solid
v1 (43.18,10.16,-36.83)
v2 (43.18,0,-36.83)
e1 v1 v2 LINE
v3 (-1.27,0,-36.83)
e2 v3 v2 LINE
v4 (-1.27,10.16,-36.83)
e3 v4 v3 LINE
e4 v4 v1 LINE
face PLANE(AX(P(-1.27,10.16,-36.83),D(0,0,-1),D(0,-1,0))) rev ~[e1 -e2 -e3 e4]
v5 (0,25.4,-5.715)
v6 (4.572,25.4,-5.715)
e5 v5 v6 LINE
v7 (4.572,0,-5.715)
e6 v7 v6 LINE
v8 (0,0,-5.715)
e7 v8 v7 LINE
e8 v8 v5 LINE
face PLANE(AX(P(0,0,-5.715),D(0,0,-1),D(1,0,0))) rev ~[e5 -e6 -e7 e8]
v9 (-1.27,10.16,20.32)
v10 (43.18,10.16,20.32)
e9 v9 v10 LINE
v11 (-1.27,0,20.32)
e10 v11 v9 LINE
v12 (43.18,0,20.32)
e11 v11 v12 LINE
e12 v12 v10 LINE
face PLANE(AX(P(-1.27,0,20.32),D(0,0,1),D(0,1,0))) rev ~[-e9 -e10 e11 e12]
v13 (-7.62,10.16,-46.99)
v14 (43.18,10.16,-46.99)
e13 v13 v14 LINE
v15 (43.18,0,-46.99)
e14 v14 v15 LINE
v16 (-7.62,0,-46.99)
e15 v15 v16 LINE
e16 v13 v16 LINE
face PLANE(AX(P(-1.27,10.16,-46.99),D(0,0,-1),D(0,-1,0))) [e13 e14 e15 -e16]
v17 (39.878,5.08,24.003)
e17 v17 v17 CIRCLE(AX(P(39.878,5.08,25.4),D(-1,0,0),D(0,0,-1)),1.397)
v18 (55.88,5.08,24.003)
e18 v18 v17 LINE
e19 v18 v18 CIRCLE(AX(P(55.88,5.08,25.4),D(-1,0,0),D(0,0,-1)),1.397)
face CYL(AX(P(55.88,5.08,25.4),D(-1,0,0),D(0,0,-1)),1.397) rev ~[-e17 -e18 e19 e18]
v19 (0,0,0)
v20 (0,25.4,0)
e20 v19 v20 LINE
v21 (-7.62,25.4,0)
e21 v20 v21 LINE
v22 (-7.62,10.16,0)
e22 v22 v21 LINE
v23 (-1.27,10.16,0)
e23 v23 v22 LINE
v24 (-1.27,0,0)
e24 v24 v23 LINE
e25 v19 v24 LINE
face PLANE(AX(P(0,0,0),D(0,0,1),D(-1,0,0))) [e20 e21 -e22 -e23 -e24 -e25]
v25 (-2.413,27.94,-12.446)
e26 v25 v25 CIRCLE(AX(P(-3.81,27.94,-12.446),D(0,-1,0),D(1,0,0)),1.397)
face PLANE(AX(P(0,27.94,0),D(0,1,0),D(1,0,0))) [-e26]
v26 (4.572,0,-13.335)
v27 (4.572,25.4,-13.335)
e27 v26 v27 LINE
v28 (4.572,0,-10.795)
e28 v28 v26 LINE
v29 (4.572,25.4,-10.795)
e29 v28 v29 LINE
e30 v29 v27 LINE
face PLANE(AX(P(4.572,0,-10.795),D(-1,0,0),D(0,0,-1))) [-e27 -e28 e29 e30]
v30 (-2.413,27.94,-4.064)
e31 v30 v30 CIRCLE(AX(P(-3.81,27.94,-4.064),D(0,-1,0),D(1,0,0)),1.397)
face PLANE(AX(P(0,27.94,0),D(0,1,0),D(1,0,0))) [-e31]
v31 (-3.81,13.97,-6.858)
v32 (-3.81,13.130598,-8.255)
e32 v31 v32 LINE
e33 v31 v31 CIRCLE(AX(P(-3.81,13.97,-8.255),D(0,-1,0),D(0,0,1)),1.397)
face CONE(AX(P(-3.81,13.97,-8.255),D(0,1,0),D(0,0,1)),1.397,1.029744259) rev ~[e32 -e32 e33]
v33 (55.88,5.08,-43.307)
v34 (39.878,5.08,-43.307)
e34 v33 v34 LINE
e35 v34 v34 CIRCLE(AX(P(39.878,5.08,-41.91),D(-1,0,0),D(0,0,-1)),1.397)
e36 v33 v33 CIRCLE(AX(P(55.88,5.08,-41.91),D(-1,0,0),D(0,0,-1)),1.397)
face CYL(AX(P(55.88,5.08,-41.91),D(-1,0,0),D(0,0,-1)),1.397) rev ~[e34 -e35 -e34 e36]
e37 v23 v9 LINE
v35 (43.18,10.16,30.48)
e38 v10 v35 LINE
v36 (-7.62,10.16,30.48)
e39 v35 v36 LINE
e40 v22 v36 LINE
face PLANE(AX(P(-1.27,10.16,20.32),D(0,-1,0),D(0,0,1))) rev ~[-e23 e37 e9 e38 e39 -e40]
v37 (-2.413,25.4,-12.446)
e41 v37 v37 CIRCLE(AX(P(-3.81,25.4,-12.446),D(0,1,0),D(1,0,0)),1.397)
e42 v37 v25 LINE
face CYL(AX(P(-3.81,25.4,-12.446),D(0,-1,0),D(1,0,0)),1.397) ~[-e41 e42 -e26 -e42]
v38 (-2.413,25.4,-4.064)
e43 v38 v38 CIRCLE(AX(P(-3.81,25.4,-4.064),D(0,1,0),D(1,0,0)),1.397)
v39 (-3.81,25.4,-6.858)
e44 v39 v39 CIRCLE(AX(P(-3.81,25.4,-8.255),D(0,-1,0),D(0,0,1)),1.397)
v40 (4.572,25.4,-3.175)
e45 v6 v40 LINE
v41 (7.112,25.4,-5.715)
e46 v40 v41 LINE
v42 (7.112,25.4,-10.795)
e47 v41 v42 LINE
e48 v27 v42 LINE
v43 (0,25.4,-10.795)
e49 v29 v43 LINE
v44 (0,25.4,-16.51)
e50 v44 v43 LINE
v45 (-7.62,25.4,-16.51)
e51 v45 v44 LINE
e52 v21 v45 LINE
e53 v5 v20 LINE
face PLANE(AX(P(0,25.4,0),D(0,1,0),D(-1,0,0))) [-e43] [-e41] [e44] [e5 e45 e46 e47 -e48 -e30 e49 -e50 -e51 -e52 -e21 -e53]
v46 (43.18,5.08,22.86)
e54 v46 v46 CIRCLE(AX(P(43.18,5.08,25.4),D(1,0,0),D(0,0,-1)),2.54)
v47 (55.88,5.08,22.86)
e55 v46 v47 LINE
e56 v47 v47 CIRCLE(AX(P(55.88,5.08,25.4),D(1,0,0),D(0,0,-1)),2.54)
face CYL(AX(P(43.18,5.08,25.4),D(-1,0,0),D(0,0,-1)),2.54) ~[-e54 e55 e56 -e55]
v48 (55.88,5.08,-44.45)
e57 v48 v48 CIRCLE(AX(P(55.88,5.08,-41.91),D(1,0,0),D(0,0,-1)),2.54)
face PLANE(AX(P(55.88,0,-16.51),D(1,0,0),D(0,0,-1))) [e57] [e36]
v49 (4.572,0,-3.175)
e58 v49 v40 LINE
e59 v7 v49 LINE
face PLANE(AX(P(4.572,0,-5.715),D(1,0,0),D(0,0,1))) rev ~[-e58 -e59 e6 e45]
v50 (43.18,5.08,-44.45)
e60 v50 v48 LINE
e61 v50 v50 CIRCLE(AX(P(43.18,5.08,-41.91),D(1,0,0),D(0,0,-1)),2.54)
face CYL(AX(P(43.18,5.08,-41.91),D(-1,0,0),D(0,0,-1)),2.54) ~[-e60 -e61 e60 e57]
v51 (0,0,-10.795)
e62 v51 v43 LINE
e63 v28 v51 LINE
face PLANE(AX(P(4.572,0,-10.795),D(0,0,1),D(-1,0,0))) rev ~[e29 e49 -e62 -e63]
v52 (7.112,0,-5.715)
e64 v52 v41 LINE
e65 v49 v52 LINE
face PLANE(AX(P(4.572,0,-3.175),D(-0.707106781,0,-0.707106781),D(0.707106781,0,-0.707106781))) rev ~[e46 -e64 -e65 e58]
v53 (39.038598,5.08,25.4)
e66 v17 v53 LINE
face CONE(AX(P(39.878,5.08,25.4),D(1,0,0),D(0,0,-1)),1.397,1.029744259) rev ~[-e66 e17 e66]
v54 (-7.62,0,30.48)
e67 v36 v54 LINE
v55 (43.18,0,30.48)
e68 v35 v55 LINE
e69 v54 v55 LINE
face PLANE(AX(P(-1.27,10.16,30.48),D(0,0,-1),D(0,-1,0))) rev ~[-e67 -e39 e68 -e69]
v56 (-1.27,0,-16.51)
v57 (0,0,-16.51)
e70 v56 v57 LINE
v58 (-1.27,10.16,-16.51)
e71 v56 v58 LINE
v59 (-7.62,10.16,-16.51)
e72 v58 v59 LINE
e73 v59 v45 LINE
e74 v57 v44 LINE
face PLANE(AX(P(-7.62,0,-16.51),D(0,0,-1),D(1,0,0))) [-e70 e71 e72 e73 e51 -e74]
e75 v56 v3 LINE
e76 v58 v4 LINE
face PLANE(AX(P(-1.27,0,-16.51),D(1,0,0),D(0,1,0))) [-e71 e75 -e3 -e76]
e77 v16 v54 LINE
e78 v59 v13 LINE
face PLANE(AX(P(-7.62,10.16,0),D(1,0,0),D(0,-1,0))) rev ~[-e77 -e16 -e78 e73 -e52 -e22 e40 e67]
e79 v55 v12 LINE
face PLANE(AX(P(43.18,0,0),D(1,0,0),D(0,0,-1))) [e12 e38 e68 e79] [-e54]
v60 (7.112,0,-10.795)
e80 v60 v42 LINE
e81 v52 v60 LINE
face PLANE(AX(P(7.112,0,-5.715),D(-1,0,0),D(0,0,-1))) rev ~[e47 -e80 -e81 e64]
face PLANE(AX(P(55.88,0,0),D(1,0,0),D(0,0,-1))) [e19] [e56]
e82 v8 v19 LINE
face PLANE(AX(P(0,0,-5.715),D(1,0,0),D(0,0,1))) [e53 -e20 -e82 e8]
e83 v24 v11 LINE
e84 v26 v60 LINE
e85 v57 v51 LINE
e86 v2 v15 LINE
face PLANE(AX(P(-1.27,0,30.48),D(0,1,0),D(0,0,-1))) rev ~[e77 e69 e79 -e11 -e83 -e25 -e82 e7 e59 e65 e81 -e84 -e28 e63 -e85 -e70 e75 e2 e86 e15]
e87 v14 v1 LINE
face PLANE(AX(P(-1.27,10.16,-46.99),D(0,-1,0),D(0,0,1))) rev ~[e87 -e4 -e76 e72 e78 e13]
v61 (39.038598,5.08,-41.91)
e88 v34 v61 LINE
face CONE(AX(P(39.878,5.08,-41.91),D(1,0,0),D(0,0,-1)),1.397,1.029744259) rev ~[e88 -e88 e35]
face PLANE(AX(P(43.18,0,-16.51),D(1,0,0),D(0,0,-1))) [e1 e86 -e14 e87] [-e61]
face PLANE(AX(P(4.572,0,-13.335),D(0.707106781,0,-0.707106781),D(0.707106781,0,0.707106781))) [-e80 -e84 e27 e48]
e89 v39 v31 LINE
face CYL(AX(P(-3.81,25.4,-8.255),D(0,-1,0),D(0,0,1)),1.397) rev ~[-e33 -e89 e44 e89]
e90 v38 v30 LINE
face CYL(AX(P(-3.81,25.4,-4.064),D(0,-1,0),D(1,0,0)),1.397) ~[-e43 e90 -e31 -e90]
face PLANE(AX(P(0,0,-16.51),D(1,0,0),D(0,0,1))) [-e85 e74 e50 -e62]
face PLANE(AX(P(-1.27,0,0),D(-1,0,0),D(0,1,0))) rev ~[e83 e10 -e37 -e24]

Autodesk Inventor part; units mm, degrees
ref_plane "YZ Plane" through (0, 0, 0) normal (1, 0, 0) x (0, 1, 0)
ref_plane "XZ Plane" through (0, 0, 0) normal (0, 1, 0) x (-1, 0, 0)
ref_plane "XY Plane" through (0, 0, 0) normal (0, 0, 1) x (1, 0, 0)
sketch "Sketch1" plane through (0, 0, 0) normal (0, 1, 0) x (-1, 0, 0)
  line L0 (0, 0) -> (7.62, 0)
  line L1 (7.62, 0) -> (7.62, -16.51)
  line L2 (7.62, -16.51) -> (0, -16.51)
  line L3 (0, -16.51) -> (0, 0)
  line L4 (0, 0) -> (0, -5.715)
  line L5 (0, -5.715) -> (-7.112, -5.715)
  line L6 (-7.112, -5.715) -> (-7.112, -10.795)
  line L7 (-7.112, -10.795) -> (0, -10.795)
  line L8 (-7.112, -5.715) -> (-4.572, -5.715)
  line L9 (-4.572, -5.715) -> (-4.572, -3.175)
  line L10 (-4.572, -3.175) -> (-7.112, -5.715)
  line L11 (-7.112, -10.795) -> (-4.572, -10.795)
  line L12 (-4.572, -10.795) -> (-4.572, -13.335)
  line L13 (-4.572, -13.335) -> (-7.112, -10.795)
  dimension "d0" = 7.62
  dimension "d1" = 16.51
  dimension "d2" = 5.715
  dimension "d3" = 7.112
  dimension "d4" = 5.08
  dimension "d5" = 2.54
  dimension "d6" = 2.54
  dimension "d7" = 2.54
extrude "Extrusion1" add sketch "Sketch1" along normal blind 25.4
sketch "Sketch2" plane through (0, 25.4, 0) normal (0, 1, 0) x (1, 0, 0)
  line L0 (-7.62, 0) -> (0, 0) projected
  line L1 (-3.81, 0) -> (-3.81, 4.064)
  line L2 (0, 16.51) -> (-7.62, 16.51) projected
  line L3 (-3.81, 16.51) -> (-3.81, 12.446)
  circle A0 centre (-3.81, 4.064) radius 1.397
  circle A1 centre (-3.81, 12.446) radius 1.397
  dimension "d10" = 4.064
  dimension "d11" = 4.064
  dimension "d12" = 2.794
  dimension "d13" = 2.794
extrude "Extrusion2" add sketch "Sketch2" along normal blind 2.54
sketch "Sketch3" plane through (0, 25.4, 0) normal (0, 1, 0) x (1, 0, 0)
  line L0 (-7.62, 0) -> (0, 0) projected
  line L1 (-3.81, 0) -> (-3.81, 8.255)
  dimension "d16" = 8.255
hole "Hole1" at (-3.81, 25.4, -8.255) direction (0, -1, 0) diameter 2.794 depth 11.43 tip angle 118
sketch "Sketch4" plane through (0, 0, -16.51) normal (0, 0, -1) x (-1, 0, 0)
  line L0 (7.62, 0) -> (0, 0) projected
  line L1 (7.62, 0) -> (1.27, 0)
  line L2 (1.27, 0) -> (1.27, 10.16)
  line L3 (1.27, 10.16) -> (7.62, 10.16)
  line L4 (7.62, 10.16) -> (7.62, 0)
  dimension "d24" = 6.35
  dimension "d25" = 10.16
extrude "Extrusion3" add sketch "Sketch4" along normal blind 30.48
sketch "Sketch5" plane through (-1.27, 0, -16.51) normal (1, 0, 0) x (0, 0, -1)
  line L0 (30.48, 10.16) -> (30.48, 0) projected
  line L1 (-16.51, 0) -> (30.48, 0) projected
  line L2 (30.48, 10.16) -> (20.32, 10.16)
  line L3 (20.32, 10.16) -> (20.32, 0)
  line L4 (20.32, 0) -> (30.48, 0)
  line L5 (30.48, 0) -> (30.48, 10.16)
  dimension "d28" = 10.16
extrude "Extrusion4" add sketch "Sketch5" along normal blind 44.45
sketch "Sketch6" plane through (43.18, 0, -16.51) normal (1, 0, 0) x (0, 0, -1)
  line L0 (30.48, 0) -> (30.48, 10.16) projected
  line L1 (30.48, 5.08) -> (25.4, 5.08)
  circle A0 centre (25.4, 5.08) radius 2.54
  point P0 (-16.51, 0)
  dimension "d31" = 5.08
  dimension "d32" = 5.08
extrude "Extrusion5" add sketch "Sketch6" along normal blind 12.7
sketch "Sketch7" plane through (55.88, 5.08, -41.91) normal (1, 0, 0) x (0, 0, -1)
  circle A0 centre (0, 0) radius 1.397
  point P0 (-41.91, -5.08)
  dimension "d35" = 2.794
hole "Hole2" at (55.88, 5.08, -41.91) direction (-1, 0, 0) diameter 2.794 depth 16.002 tip angle 118
sketch "Sketch8" plane through (-7.62, 0, 0) normal (0, 0, 1) x (1, 0, 0)
  line L0 (0, 0) -> (6.35, 0)
  line L1 (6.35, 0) -> (6.35, 10.16)
  line L2 (6.35, 10.16) -> (0, 10.16)
  line L3 (0, 10.16) -> (0, 0)
  point P0 (7.62, 0)
  dimension "d43" = 6.35
  dimension "d44" = 10.16
extrude "Extrusion6" add sketch "Sketch8" along normal blind 30.48
sketch "Sketch9" plane through (-1.27, 0, 0) normal (1, 0, 0) x (0, 0, -1)
  line L0 (-30.48, 0) -> (46.99, 0) projected
  line L1 (0, 10.16) -> (-30.48, 10.16) projected
  line L2 (-30.48, 0) -> (-20.32, 0)
  line L3 (-20.32, 0) -> (-20.32, 10.16)
  line L4 (-20.32, 10.16) -> (-30.48, 10.16)
  line L5 (-30.48, 10.16) -> (-30.48, 0)
  point P0 (0, 0)
  dimension "d47" = 10.16
extrude "Extrusion7" add sketch "Sketch9" along normal blind 44.45
sketch "Sketch10" plane through (43.18, 0, 0) normal (1, 0, 0) x (0, 0, -1)
  line L0 (-20.32, 10.16) -> (-20.32, 0) projected
  line L1 (-20.32, 5.08) -> (-25.4, 5.08)
  circle A0 centre (-25.4, 5.08) radius 2.54
  point P0 (0, 0)
  dimension "d50" = 5.08
  dimension "d51" = 5.08
extrude "Extrusion8" add sketch "Sketch10" along normal blind 12.7
sketch "Sketch11" plane through (55.88, 5.08, 25.4) normal (1, 0, 0) x (0, 0, -1)
  circle A0 centre (0, 0) radius 1.397
  point P0 (25.4, -5.08)
  dimension "d54" = 2.794
hole "Hole3" at (55.88, 5.08, 25.4) direction (-1, 0, 0) diameter 2.794 depth 16.002 tip angle 118
properties part number "Grab Rail v2"
